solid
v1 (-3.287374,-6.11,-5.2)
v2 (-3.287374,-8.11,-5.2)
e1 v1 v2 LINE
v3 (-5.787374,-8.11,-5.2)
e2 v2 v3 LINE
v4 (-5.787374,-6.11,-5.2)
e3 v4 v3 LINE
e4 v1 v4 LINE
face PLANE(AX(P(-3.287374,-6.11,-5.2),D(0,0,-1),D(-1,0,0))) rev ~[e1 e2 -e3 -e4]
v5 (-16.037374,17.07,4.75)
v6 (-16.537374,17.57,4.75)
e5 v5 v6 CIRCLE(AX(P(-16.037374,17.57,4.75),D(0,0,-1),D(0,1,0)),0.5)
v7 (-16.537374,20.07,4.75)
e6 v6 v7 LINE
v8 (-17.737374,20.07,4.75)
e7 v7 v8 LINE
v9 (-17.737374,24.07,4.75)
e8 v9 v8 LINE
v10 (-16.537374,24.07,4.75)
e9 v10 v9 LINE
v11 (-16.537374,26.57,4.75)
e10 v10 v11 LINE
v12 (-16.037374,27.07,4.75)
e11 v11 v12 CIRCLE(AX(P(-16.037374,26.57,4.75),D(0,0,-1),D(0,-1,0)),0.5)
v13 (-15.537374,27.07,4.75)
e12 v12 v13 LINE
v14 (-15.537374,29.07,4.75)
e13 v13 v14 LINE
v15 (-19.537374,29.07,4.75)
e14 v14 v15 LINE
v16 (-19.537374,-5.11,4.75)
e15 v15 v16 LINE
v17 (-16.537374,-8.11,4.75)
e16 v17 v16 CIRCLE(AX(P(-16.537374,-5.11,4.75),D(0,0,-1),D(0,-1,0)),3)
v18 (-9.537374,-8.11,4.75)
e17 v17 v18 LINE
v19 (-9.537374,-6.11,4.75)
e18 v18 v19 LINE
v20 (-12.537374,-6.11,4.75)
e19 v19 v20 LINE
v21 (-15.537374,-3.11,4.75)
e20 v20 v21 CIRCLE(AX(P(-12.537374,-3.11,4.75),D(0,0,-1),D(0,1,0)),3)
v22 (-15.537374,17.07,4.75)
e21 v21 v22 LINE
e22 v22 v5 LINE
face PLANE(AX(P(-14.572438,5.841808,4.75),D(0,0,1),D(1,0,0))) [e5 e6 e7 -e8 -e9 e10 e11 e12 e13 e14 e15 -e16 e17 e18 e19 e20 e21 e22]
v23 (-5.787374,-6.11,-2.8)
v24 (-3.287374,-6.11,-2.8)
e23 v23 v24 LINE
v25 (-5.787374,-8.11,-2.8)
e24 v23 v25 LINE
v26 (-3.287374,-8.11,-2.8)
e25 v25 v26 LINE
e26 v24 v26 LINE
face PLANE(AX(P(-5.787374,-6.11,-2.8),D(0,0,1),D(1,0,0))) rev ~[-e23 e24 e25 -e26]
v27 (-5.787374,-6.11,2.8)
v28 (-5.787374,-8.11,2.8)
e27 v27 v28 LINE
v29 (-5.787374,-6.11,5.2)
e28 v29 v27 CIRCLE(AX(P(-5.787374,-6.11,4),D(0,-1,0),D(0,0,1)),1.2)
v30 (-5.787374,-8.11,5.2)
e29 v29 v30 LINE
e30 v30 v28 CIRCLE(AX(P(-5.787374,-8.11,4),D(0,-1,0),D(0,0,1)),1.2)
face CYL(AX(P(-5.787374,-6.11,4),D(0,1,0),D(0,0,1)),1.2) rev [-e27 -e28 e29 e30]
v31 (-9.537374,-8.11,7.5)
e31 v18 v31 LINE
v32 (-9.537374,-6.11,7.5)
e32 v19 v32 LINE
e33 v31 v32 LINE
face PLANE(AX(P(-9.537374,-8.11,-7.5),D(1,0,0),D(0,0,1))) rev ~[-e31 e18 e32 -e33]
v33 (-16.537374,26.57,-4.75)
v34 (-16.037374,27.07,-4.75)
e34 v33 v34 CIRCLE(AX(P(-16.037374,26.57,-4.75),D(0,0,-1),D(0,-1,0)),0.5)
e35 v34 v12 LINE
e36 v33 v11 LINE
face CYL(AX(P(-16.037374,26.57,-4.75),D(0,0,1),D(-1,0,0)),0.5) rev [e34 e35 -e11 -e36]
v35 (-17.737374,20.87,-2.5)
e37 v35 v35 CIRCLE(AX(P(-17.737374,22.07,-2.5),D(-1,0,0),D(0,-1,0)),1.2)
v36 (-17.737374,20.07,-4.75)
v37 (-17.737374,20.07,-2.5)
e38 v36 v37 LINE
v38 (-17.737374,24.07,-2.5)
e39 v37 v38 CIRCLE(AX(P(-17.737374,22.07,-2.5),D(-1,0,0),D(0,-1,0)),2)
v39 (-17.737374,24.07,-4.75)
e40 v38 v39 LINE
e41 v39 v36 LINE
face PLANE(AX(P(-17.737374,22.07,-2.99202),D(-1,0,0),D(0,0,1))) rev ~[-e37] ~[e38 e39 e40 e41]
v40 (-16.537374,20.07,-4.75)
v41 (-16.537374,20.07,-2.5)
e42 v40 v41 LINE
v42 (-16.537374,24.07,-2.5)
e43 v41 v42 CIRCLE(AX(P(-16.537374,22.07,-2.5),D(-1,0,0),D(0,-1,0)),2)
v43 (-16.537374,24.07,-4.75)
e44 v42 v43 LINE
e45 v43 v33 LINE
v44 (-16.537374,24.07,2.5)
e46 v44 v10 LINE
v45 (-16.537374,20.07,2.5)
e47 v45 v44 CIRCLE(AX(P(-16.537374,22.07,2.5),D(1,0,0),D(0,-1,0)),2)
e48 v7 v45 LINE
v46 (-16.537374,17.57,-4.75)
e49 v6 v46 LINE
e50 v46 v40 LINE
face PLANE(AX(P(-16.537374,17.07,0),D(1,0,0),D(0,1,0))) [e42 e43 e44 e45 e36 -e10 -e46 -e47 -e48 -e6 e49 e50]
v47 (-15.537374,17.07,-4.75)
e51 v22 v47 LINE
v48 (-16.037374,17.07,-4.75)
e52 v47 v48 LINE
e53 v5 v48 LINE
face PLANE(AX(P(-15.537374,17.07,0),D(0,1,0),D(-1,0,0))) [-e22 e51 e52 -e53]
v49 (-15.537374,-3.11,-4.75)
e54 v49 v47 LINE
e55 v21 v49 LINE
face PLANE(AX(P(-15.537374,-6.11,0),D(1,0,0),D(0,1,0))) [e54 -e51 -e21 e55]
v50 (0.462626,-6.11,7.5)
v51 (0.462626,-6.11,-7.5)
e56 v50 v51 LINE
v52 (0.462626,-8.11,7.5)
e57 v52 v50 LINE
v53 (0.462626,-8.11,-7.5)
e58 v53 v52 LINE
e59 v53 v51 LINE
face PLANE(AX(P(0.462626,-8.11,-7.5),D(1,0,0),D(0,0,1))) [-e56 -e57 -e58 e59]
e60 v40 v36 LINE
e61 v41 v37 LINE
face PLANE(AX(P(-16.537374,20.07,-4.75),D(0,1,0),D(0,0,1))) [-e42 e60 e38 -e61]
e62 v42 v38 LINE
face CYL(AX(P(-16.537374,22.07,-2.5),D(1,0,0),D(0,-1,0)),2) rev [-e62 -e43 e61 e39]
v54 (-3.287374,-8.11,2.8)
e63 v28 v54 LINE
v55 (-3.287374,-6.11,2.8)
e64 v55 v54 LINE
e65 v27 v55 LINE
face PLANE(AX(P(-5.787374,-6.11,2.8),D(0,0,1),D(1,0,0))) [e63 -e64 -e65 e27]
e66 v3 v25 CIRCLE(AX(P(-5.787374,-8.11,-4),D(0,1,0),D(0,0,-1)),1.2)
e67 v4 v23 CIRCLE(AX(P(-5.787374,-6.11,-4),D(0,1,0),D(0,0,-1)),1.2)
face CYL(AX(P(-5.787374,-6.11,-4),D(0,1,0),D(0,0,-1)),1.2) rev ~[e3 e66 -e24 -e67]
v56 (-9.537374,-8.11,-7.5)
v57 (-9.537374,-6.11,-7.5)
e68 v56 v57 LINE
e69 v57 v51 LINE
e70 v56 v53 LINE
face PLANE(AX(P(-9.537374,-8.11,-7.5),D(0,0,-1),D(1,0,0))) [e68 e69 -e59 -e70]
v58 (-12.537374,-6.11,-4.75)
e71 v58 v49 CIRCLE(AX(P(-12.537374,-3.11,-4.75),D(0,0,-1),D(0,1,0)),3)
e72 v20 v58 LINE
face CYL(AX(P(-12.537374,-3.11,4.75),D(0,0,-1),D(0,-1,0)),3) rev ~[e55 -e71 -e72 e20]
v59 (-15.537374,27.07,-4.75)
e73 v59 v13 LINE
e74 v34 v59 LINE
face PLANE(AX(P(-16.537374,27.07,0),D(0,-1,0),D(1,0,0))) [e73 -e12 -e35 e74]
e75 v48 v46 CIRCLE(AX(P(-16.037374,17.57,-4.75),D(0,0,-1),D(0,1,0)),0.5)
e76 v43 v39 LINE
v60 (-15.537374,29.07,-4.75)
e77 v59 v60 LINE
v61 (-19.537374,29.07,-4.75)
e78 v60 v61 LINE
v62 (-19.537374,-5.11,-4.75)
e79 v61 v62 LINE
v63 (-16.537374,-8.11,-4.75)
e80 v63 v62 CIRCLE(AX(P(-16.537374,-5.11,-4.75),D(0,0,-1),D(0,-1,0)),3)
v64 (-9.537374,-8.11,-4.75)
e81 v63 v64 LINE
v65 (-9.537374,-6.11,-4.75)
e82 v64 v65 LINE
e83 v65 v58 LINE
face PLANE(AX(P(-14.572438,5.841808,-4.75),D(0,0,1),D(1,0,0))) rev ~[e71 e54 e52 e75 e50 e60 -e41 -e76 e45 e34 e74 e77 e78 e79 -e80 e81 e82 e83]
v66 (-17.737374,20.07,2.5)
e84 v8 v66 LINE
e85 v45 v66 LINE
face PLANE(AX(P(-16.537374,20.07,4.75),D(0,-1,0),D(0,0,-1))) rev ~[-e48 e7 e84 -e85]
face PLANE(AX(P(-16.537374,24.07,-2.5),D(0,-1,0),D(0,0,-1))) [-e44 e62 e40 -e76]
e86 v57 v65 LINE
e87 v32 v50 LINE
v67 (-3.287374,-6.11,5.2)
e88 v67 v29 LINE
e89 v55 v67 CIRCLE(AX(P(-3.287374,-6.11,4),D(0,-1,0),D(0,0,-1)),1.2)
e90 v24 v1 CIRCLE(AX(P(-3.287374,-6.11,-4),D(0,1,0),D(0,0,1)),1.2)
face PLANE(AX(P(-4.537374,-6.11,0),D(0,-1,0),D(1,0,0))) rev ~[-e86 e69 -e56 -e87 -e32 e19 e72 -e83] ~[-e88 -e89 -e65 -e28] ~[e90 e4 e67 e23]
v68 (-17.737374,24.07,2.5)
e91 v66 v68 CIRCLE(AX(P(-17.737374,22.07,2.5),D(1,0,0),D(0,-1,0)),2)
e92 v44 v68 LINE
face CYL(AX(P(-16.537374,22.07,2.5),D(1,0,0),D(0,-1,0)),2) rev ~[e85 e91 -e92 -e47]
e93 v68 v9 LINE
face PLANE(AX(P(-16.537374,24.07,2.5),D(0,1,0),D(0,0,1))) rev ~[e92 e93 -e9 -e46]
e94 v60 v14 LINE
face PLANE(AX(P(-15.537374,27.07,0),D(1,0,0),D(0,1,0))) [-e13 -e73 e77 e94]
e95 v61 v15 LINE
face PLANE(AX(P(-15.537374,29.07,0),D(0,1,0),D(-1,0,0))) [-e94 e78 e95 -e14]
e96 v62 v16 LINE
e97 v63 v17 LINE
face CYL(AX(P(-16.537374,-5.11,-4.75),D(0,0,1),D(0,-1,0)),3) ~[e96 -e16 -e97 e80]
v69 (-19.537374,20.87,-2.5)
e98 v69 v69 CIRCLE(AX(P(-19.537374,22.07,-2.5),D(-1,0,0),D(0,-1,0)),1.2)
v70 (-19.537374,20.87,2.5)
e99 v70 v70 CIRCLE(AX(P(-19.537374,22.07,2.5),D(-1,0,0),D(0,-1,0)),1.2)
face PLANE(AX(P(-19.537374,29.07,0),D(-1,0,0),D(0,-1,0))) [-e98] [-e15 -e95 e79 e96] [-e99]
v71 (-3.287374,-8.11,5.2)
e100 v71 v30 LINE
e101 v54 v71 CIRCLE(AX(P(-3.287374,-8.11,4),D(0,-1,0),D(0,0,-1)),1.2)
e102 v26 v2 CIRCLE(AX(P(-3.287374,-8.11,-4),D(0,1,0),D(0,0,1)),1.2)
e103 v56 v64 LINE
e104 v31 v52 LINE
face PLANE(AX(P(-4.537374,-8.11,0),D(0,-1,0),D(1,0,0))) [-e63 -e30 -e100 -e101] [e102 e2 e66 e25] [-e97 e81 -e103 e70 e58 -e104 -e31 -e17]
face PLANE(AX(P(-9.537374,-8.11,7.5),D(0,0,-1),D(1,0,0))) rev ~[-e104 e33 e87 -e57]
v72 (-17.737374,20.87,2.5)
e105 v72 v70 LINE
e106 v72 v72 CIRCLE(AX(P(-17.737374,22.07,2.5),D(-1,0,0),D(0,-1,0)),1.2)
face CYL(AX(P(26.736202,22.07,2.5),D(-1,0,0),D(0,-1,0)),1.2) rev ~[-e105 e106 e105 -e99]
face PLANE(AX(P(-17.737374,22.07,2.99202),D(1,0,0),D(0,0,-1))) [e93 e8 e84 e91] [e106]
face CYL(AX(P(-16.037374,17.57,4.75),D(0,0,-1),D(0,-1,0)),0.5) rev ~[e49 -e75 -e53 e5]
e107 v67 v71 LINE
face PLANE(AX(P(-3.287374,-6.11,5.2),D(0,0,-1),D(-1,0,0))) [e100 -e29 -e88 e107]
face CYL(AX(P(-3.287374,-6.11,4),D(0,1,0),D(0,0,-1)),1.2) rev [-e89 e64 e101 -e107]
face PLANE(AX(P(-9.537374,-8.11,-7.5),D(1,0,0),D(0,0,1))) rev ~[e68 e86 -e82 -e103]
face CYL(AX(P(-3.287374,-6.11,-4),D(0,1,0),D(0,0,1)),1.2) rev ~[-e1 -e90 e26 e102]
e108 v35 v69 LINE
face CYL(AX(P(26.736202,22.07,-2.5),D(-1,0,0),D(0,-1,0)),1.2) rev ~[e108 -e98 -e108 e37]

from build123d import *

# Parameters (mm, degrees)
BOSS_EXTRUDE1_DEPTH  = 4.75
M2_CLEARANCE_HOLE1_D = 2.4
CUT_EXTRUDE1_DEPTH   = 1.2
SKETCH5_W            = 10
SKETCH5_H            = 15
BOSS_EXTRUDE2_DEPTH  = 2
CUT_EXTRUDE2_DEPTH   = 2
FILLET1_R            = 3
FILLET2_R            = 0.5


with BuildPart() as part:
    # Sketch1 → Boss-Extrude1 (new, symmetric)
    with BuildSketch(Plane.XY):
        Polygon((-16.53737418, 17.07), (-16.53737418, 27.07), (-15.53737418, 27.07), (-15.53737418, 29.07), (-19.53737418, 29.07), (-19.53737418, 0), (-19.53737418, -8.11), (-11.42737418, -8.11), (0.46262582, -8.11), (0.46262582, -6.11), (-15.42737418, -6.11), (-15.53737418, -6.11), (-15.53737418, 14.07), (-15.53737418, 17.07), align=None)
    extrude(amount=BOSS_EXTRUDE1_DEPTH, both=True)

    # M2 Clearance Hole1 (through all)
    with Locations(Plane(origin=(-16.53737418, 22.07, 2.5), x_dir=(0, 1, 0), z_dir=(1, 0, 0))):
        with Locations((0, 0), (0, -5)):
            Hole(M2_CLEARANCE_HOLE1_D / 2)

    # Sketch4 → Cut-Extrude1 (cut)
    with BuildSketch(Plane(origin=(-16.53737418, 0, 0), x_dir=(0, 0, -1), z_dir=(1, 0, 0))):
        with BuildLine():
            Line((-2.5, 24.07), (-4.75, 24.07))
            Line((-4.75, 24.07), (-4.75, 20.07))
            Line((-4.75, 20.07), (-2.5, 20.07))
            ThreePointArc((-2.5, 20.07), (-0.5, 22.07), (-2.5, 24.07))
        make_face()
        with BuildLine():
            Line((4.75, 20.07), (2.5, 20.07))
            ThreePointArc((2.5, 20.07), (0.5, 22.07), (2.5, 24.07))
            Line((2.5, 24.07), (4.75, 24.07))
            Line((4.75, 24.07), (4.75, 20.07))
        make_face()
    extrude(amount=-CUT_EXTRUDE1_DEPTH, mode=Mode.SUBTRACT)

    # Sketch5 → Boss-Extrude2 (add)
    with BuildSketch(Plane.XZ.offset(8.11)):
        with Locations((-4.53737418, 0)):
            Rectangle(SKETCH5_W, SKETCH5_H)
    extrude(amount=-BOSS_EXTRUDE2_DEPTH)

    # Sketch6 → Cut-Extrude2 (cut)
    with BuildSketch(Plane(origin=(0, -6.11, 0), x_dir=(1, 0, 0), z_dir=(0, 1, 0))):
        with BuildLine():
            Line((-3.28737418, -5.2), (-5.78737418, -5.2))
            ThreePointArc((-5.78737418, -5.2), (-6.98737418, -4), (-5.78737418, -2.8))
            Line((-5.78737418, -2.8), (-3.28737418, -2.8))
            ThreePointArc((-3.28737418, -2.8), (-2.08737418, -4), (-3.28737418, -5.2))
        make_face()
        with BuildLine():
            Line((-3.28737418, 5.2), (-5.78737418, 5.2))
            ThreePointArc((-5.78737418, 5.2), (-6.98737418, 4), (-5.78737418, 2.8))
            Line((-5.78737418, 2.8), (-3.28737418, 2.8))
            ThreePointArc((-3.28737418, 2.8), (-2.08737418, 4), (-3.28737418, 5.2))
        make_face()
    extrude(amount=-CUT_EXTRUDE2_DEPTH, mode=Mode.SUBTRACT)

    # Fillet1
    fillet1_edges = [part.edges().sort_by_distance(p)[0] for p in [
        (-15.53737418, -6.11, 0),
        (-19.53737418, -8.11, 0),
    ]]
    fillet(fillet1_edges, radius=FILLET1_R)

    # Fillet2
    fillet2_edges = [part.edges().sort_by_distance(p)[0] for p in [
        (-16.53737418, 27.07, 0),
        (-16.53737418, 17.07, 0),
    ]]
    fillet(fillet2_edges, radius=FILLET2_R)


solid = part.part
